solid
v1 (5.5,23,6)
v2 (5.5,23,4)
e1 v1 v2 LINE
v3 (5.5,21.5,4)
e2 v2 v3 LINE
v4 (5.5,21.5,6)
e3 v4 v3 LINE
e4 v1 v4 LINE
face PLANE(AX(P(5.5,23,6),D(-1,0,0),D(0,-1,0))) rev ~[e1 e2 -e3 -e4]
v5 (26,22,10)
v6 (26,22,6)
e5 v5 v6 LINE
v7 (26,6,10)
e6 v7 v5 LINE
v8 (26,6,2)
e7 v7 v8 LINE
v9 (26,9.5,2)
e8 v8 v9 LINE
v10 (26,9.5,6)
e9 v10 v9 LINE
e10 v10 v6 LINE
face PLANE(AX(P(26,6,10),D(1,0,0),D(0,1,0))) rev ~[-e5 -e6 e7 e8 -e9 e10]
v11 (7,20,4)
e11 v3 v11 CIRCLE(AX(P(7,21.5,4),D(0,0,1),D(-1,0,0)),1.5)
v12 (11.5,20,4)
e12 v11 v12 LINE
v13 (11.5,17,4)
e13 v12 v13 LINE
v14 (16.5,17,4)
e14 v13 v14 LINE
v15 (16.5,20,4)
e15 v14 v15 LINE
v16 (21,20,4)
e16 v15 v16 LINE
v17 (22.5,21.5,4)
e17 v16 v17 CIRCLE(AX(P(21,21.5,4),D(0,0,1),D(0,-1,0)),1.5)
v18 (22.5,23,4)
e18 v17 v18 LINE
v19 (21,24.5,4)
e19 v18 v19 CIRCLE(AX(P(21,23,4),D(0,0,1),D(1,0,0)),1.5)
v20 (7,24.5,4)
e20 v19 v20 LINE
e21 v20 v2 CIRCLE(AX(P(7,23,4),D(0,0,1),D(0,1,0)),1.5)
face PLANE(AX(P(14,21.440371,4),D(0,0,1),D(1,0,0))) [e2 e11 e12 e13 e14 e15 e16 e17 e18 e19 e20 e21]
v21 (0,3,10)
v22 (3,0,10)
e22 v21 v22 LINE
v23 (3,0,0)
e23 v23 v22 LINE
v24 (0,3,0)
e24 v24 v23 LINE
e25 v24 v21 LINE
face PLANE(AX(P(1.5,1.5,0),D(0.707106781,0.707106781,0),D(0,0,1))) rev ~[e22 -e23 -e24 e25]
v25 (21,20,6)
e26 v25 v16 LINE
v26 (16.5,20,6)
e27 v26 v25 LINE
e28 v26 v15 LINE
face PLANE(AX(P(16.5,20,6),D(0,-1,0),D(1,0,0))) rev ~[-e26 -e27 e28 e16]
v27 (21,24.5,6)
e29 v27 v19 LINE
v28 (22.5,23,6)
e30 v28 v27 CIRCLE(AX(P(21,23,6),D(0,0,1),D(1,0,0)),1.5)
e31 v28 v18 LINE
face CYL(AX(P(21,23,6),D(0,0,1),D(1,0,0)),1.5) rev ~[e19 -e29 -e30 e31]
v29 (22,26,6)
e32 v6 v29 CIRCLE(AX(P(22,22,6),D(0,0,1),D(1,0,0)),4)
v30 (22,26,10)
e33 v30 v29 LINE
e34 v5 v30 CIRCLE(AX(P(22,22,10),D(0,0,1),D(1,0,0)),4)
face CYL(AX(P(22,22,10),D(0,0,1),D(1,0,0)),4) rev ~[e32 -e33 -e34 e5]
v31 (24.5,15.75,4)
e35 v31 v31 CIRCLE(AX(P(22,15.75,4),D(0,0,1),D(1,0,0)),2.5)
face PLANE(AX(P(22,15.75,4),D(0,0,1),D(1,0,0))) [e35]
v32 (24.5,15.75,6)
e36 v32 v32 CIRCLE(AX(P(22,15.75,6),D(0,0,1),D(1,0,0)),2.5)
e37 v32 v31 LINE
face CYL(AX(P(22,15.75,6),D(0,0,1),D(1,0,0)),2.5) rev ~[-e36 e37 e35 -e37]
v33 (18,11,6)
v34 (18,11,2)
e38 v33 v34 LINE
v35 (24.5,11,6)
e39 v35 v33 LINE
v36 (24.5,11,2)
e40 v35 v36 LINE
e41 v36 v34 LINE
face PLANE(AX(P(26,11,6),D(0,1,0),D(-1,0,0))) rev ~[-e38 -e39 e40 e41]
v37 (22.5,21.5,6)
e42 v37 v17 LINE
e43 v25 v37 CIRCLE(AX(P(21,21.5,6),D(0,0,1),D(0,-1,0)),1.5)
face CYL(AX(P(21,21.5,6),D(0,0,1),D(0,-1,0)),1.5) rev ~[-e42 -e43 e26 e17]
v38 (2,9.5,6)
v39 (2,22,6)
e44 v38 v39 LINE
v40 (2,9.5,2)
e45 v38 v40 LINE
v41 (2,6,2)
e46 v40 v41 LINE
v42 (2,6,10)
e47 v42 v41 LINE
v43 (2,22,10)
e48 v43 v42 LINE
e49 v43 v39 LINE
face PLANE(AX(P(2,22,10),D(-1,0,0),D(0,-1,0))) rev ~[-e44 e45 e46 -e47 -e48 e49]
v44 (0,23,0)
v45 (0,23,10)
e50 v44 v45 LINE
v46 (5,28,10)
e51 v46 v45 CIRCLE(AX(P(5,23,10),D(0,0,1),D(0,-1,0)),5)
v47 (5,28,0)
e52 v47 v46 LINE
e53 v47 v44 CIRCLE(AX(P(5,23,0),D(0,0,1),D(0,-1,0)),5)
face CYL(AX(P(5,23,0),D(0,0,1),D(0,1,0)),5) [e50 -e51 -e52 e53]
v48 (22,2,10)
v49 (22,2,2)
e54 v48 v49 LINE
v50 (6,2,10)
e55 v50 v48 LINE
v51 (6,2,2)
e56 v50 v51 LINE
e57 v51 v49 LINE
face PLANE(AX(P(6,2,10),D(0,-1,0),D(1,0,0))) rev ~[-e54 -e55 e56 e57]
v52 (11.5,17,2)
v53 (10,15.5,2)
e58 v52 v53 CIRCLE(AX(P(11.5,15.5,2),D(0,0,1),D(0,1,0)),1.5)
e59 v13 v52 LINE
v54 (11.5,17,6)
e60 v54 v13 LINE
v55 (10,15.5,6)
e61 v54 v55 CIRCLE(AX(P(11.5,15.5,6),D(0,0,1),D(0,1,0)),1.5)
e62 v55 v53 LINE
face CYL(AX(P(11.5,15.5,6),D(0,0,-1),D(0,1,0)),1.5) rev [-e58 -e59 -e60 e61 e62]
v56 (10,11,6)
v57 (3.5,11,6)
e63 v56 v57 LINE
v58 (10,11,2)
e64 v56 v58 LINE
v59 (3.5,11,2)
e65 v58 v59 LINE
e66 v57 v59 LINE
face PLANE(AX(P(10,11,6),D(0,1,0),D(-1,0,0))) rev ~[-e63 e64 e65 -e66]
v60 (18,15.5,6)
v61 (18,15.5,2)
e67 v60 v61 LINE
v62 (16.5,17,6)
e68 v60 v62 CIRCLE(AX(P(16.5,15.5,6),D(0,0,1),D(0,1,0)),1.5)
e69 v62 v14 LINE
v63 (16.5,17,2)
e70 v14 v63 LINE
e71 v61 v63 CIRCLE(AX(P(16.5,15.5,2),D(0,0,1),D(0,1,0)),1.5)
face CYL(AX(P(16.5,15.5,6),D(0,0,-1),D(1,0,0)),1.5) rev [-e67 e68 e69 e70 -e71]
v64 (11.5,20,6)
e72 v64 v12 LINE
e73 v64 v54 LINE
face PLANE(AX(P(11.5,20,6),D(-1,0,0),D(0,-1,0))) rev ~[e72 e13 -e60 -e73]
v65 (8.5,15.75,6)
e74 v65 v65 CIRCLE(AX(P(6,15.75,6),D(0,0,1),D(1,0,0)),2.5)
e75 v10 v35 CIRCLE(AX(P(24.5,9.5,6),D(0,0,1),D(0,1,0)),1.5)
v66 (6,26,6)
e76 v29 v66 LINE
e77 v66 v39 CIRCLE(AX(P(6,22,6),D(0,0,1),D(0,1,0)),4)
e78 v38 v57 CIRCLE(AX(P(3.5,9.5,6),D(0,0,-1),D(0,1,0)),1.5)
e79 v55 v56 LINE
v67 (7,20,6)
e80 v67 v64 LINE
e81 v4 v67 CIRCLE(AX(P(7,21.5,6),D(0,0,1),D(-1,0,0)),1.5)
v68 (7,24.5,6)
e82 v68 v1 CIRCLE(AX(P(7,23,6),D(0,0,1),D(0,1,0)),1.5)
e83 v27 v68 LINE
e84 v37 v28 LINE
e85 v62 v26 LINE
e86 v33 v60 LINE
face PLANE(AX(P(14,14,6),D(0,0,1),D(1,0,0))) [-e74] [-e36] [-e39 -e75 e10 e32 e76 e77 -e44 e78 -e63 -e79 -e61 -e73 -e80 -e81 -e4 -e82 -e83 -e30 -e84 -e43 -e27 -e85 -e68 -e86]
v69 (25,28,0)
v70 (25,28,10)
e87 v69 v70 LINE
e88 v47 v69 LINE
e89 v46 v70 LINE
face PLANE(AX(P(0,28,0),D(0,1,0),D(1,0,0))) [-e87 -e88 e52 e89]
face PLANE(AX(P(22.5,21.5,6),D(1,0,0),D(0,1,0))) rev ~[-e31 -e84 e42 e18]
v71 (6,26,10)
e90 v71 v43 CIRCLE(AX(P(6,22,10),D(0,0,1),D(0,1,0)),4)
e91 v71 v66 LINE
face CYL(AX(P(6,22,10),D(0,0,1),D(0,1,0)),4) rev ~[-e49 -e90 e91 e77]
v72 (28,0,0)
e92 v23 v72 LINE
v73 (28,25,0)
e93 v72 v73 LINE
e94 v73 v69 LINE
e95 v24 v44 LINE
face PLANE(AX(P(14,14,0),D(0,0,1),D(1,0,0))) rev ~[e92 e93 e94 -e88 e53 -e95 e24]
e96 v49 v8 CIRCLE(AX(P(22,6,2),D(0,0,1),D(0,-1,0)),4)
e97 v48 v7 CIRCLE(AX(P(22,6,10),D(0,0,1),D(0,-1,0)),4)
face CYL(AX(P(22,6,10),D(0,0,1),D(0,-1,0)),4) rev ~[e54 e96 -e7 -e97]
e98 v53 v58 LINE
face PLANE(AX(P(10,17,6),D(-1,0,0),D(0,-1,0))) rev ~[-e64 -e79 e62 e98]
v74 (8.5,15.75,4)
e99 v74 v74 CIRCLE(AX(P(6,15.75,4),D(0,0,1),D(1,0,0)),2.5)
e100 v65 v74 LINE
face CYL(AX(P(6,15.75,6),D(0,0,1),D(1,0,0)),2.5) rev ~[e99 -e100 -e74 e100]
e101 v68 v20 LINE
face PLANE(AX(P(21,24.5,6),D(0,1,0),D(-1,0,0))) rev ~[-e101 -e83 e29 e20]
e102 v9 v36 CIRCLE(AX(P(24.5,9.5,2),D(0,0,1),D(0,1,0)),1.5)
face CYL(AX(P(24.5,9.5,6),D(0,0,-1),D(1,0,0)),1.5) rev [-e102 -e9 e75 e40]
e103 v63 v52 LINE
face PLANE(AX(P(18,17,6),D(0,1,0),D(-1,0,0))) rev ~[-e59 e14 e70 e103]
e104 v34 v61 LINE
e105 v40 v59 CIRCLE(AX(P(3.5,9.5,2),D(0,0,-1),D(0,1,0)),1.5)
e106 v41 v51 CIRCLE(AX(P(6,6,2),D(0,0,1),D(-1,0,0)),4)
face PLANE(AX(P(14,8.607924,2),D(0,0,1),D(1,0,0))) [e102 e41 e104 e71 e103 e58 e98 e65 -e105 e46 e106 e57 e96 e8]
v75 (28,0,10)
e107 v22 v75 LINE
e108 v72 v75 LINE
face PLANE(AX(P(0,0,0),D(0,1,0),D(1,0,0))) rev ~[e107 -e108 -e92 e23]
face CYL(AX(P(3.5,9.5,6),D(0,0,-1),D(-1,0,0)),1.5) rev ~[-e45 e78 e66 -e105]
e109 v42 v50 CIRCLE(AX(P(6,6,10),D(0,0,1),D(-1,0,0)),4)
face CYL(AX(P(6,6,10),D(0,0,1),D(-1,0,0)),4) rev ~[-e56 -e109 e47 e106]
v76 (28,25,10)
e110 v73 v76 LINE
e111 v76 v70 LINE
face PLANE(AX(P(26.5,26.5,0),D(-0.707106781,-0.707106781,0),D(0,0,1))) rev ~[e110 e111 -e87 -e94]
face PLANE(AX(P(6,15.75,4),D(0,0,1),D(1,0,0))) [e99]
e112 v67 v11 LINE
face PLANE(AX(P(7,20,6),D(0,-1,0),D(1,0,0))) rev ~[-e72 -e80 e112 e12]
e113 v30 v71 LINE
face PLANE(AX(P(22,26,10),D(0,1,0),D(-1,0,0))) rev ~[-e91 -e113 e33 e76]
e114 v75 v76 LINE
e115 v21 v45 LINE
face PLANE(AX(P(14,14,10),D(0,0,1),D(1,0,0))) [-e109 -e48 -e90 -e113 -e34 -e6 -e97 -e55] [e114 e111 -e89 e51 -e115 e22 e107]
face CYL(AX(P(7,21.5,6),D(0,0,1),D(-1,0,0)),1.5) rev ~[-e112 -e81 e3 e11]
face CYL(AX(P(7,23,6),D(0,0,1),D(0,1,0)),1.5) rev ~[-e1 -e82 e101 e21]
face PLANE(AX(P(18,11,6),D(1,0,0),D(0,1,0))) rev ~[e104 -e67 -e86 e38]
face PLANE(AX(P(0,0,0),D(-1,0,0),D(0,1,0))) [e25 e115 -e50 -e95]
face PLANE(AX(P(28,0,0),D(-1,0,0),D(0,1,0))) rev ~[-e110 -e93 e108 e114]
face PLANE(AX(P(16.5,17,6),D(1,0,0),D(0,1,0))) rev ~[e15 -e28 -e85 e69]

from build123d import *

# Parameters (mm, degrees)
F0_W      = 28
F0_H      = 28
F1_DEPTH  = 10
F3_DEPTH  = 4
F5_DEPTH  = 4
F6_SIZE   = 3
F7_R      = 1.5
F8_R      = 5
F9_R      = 2.5
F10_DEPTH = 2


with BuildPart() as f1:
    # F0 (on Top) → F1 (new body)
    with BuildSketch(Plane.XY):
        with Locations((14, 14)):
            Rectangle(F0_W, F0_H)
    extrude(amount=F1_DEPTH)

    # F2 (on face) → F3 (cut)
    with BuildSketch(Plane.XY.offset(10)):
        with BuildLine():
            ThreePointArc((26, 22), (24.8284271247, 24.8284271247), (22, 26))
            Line((22, 26), (6, 26))
            ThreePointArc((6, 26), (3.1715728753, 24.8284271247), (2, 22))
            Line((2, 22), (2, 6))
            ThreePointArc((2, 6), (3.1715728753, 3.1715728753), (6, 2))
            Line((6, 2), (22, 2))
            ThreePointArc((22, 2), (24.8284271247, 3.1715728753), (26, 6))
            Line((26, 6), (26, 22))
        make_face()
    extrude(amount=-F3_DEPTH, mode=Mode.SUBTRACT)

    # F4 (on face) → F5 (cut)
    with BuildSketch(Plane.XY.offset(6)):
        with BuildLine():
            Line((10, 11), (2, 11))
            Line((2, 11), (2, 6))
            ThreePointArc((2, 6), (3.1715728753, 3.1715728753), (6, 2))
            Line((6, 2), (22, 2))
            ThreePointArc((22, 2), (24.8284271247, 3.1715728753), (26, 6))
            Line((26, 6), (26, 11))
            Line((26, 11), (18, 11))
            Line((18, 11), (18, 17))
            Line((18, 17), (10, 17))
            Line((10, 17), (10, 11))
        make_face()
    extrude(amount=-F5_DEPTH, mode=Mode.SUBTRACT)

    # F6
    f6_edges = [f1.edges().sort_by_distance(p)[0] for p in [
        (0, 0, 5),
        (28, 28, 5),
    ]]
    chamfer(f6_edges, length=F6_SIZE)

    # F7
    f7_edges = [f1.edges().sort_by_distance(p)[0] for p in [
        (2, 11, 4),
        (10, 17, 4),
        (18, 17, 4),
        (26, 11, 4),
    ]]
    fillet(f7_edges, radius=F7_R)

    # F8
    f8_edges = [f1.edges().sort_by_distance(p)[0] for p in [
        (0, 28, 5),
    ]]
    fillet(f8_edges, radius=F8_R)

    # F9 (on face) → F10 (cut)
    with BuildSketch(Plane.XY.offset(6)):
        with BuildLine():
            Line((11.5, 20), (11.5, 17))
            Line((11.5, 17), (16.5, 17))
            Line((16.5, 17), (16.5, 20))
            Line((16.5, 20), (21, 20))
            ThreePointArc((21, 20), (22.0606601718, 20.4393398282), (22.5, 21.5))
            Line((22.5, 21.5), (22.5, 23))
            ThreePointArc((22.5, 23), (22.0606601718, 24.0606601718), (21, 24.5))
            Line((21, 24.5), (7, 24.5))
            ThreePointArc((7, 24.5), (5.9393398282, 24.0606601718), (5.5, 23))
            Line((5.5, 23), (5.5, 21.5))
            ThreePointArc((5.5, 21.5), (5.9393398282, 20.4393398282), (7, 20))
            Line((7, 20), (11.5, 20))
        make_face()
        with Locations((22, 15.75)):
            Circle(F9_R)
        with Locations((6, 15.75)):
            Circle(F9_R)
    extrude(amount=-F10_DEPTH, mode=Mode.SUBTRACT)


solid = f1.part
